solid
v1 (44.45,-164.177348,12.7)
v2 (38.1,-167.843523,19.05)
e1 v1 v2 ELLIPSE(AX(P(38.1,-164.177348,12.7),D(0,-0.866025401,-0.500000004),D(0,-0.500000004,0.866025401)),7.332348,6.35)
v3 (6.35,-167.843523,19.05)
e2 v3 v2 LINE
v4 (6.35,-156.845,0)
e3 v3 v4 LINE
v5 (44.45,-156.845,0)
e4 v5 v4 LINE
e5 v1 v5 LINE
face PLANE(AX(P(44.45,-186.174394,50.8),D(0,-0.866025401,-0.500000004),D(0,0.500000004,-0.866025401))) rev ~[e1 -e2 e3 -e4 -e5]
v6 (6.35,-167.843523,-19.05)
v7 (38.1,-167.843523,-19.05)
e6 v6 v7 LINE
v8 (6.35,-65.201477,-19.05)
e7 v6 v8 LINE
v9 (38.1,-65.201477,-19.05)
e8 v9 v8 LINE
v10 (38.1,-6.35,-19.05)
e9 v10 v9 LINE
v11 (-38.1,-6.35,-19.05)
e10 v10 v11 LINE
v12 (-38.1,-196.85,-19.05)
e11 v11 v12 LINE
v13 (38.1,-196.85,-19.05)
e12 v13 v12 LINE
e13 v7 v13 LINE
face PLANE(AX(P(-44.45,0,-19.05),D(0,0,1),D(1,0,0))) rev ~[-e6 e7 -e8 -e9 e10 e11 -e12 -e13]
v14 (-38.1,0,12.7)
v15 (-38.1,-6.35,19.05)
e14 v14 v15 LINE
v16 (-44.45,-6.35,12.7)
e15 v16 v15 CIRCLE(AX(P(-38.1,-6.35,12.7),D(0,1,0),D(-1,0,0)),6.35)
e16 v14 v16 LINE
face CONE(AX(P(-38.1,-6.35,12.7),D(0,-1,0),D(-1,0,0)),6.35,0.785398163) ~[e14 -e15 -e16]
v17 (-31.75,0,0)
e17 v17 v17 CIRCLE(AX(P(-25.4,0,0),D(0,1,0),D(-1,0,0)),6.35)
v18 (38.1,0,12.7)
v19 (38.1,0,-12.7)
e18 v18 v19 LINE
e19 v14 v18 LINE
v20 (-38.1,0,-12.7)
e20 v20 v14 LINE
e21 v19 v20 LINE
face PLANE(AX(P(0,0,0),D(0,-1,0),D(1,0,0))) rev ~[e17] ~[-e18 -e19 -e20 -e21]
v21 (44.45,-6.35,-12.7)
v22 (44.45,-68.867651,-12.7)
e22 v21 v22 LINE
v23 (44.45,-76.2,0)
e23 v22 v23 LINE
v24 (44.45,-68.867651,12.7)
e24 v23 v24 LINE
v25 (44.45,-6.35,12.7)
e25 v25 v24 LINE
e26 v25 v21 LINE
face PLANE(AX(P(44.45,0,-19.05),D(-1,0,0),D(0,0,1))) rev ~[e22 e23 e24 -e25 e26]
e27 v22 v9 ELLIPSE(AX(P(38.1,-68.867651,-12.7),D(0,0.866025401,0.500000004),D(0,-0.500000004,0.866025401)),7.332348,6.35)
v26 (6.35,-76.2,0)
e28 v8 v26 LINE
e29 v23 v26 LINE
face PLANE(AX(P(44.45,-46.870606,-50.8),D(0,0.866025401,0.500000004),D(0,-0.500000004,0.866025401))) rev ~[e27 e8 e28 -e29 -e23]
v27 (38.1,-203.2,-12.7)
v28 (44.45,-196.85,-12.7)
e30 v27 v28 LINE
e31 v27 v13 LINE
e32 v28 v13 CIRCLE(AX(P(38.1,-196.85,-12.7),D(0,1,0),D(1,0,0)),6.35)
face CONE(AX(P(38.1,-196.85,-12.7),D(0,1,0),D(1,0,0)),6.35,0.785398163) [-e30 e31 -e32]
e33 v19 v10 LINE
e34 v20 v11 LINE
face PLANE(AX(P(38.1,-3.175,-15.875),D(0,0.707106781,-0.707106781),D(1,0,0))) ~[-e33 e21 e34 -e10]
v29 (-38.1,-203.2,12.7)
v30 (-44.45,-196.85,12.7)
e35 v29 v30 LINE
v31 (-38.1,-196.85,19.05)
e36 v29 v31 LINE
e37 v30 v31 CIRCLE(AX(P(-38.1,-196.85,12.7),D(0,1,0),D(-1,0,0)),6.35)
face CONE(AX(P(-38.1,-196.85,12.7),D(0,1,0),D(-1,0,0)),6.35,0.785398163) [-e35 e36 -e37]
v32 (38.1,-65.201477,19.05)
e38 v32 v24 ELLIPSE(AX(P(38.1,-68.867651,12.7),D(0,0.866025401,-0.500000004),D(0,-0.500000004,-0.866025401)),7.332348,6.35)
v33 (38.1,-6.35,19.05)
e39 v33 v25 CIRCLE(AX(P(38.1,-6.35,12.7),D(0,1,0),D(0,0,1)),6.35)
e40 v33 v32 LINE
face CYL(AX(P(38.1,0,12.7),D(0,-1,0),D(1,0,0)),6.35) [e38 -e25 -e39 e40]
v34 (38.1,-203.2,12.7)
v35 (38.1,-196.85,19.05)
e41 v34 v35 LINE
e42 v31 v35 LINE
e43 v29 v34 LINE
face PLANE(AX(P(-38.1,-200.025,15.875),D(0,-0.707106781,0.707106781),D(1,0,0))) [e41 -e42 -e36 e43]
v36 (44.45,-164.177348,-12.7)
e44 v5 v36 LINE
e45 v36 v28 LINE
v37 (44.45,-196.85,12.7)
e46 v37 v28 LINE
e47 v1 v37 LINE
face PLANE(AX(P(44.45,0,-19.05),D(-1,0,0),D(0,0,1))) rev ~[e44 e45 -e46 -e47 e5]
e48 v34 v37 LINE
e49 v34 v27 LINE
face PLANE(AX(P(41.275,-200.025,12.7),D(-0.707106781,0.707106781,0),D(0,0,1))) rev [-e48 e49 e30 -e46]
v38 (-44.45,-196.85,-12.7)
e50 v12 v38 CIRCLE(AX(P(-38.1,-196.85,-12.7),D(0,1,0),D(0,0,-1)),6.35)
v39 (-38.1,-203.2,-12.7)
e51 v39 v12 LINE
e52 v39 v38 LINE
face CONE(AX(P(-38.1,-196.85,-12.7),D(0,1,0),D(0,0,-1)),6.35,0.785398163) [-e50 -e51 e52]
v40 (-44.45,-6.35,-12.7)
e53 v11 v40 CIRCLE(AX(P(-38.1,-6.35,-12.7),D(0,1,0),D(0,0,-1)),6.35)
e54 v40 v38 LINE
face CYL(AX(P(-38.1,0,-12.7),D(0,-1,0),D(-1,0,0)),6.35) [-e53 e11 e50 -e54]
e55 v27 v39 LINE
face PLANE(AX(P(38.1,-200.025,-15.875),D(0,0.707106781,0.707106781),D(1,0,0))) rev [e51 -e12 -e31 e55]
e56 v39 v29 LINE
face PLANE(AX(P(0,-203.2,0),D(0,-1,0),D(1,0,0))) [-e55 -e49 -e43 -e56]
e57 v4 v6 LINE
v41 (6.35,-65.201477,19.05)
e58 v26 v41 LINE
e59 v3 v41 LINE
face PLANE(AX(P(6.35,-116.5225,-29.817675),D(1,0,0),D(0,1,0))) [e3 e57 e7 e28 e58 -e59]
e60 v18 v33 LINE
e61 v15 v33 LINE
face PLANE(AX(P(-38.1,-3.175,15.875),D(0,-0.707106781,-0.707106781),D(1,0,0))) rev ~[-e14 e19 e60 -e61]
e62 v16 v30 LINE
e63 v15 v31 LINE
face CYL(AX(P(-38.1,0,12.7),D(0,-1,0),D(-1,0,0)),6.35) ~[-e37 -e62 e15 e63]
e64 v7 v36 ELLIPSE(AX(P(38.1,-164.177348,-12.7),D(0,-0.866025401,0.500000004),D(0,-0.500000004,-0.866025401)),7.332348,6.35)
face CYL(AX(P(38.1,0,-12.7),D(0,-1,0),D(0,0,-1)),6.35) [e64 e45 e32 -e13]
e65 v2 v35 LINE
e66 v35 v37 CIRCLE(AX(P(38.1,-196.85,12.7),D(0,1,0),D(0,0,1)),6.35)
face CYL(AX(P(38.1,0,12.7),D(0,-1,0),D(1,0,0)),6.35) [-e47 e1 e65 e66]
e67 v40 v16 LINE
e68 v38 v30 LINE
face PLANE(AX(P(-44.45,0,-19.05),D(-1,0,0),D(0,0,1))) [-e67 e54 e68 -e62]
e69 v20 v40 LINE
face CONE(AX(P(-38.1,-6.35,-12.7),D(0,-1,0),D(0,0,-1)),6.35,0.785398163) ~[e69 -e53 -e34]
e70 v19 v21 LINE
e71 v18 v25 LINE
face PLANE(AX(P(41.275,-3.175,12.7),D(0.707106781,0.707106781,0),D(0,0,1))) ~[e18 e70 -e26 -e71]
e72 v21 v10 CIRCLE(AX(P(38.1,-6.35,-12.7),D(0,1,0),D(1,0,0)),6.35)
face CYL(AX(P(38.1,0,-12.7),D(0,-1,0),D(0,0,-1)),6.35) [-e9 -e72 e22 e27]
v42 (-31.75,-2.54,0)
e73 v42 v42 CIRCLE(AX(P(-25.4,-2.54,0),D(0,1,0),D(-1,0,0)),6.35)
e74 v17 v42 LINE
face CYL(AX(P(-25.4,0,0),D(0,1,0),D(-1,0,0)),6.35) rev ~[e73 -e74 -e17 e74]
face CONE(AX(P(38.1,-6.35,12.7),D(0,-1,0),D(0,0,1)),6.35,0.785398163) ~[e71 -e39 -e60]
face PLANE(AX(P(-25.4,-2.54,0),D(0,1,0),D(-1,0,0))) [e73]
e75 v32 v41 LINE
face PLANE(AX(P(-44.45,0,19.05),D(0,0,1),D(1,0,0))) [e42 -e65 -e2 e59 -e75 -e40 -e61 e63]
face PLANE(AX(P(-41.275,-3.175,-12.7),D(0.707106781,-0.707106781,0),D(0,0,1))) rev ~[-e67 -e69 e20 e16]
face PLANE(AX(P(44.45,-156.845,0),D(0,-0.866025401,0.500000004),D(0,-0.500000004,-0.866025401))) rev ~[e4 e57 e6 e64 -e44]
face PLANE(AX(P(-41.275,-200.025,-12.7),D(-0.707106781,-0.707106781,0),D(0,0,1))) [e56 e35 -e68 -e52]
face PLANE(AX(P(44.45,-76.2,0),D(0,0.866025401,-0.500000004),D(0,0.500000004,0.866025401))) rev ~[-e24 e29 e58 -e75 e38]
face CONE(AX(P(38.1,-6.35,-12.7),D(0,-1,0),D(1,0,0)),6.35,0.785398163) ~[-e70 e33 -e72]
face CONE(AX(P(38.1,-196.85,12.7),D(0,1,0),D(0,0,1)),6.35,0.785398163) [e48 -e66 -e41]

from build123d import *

# Parameters (mm, degrees)
F0_W     = 88.9
F0_H     = 38.1
F1_DEPTH = 203.2
F2_R     = 6.35
F3_SIZE  = 6.35
F4_SIZE  = 6.35
F6_DEPTH = 38.1
F7_R     = 6.35
F8_DEPTH = 2.54


with BuildPart() as f1:
    # F0 (on Front) → F1 (new body)
    with BuildSketch(Plane.XZ):
        Rectangle(F0_W, F0_H)
    extrude(amount=F1_DEPTH)

    # F2
    f2_edges = [f1.edges().sort_by_distance(p)[0] for p in [
        (-44.45, -101.6, 19.05),
        (-44.45, -101.6, -19.05),
        (44.45, -101.6, 19.05),
        (44.45, -101.6, -19.05),
    ]]
    fillet(f2_edges, radius=F2_R)

    # F3
    f3_edges = [f1.edges().sort_by_distance(p)[0] for p in [
        (0, -203.2, 19.05),
    ]]
    chamfer(f3_edges, length=F3_SIZE)

    # F4
    f4_edges = [f1.edges().sort_by_distance(p)[0] for p in [
        (0, 0, 19.05),
    ]]
    chamfer(f4_edges, length=F4_SIZE)

    # F5 (on face) → F6 (cut)
    with BuildSketch(Plane.YZ.offset(44.45)):
        Polygon((-46.870606, -50.8), (-76.2, 0), (-156.845, 0), (-186.174394, -50.8), align=None)
        Polygon((-156.845, 0), (-76.2, 0), (-46.870606, 50.8), (-186.174394, 50.8), align=None)
    extrude(amount=-F6_DEPTH, mode=Mode.SUBTRACT)

    # F7 (on face) → F8 (cut)
    with BuildSketch(Plane(origin=(0, 0, 0), x_dir=(-1, 0, 0), z_dir=(0, 1, 0))):
        with Locations((25.4, 0)):
            Circle(F7_R)
    extrude(amount=-F8_DEPTH, mode=Mode.SUBTRACT)


solid = f1.part
